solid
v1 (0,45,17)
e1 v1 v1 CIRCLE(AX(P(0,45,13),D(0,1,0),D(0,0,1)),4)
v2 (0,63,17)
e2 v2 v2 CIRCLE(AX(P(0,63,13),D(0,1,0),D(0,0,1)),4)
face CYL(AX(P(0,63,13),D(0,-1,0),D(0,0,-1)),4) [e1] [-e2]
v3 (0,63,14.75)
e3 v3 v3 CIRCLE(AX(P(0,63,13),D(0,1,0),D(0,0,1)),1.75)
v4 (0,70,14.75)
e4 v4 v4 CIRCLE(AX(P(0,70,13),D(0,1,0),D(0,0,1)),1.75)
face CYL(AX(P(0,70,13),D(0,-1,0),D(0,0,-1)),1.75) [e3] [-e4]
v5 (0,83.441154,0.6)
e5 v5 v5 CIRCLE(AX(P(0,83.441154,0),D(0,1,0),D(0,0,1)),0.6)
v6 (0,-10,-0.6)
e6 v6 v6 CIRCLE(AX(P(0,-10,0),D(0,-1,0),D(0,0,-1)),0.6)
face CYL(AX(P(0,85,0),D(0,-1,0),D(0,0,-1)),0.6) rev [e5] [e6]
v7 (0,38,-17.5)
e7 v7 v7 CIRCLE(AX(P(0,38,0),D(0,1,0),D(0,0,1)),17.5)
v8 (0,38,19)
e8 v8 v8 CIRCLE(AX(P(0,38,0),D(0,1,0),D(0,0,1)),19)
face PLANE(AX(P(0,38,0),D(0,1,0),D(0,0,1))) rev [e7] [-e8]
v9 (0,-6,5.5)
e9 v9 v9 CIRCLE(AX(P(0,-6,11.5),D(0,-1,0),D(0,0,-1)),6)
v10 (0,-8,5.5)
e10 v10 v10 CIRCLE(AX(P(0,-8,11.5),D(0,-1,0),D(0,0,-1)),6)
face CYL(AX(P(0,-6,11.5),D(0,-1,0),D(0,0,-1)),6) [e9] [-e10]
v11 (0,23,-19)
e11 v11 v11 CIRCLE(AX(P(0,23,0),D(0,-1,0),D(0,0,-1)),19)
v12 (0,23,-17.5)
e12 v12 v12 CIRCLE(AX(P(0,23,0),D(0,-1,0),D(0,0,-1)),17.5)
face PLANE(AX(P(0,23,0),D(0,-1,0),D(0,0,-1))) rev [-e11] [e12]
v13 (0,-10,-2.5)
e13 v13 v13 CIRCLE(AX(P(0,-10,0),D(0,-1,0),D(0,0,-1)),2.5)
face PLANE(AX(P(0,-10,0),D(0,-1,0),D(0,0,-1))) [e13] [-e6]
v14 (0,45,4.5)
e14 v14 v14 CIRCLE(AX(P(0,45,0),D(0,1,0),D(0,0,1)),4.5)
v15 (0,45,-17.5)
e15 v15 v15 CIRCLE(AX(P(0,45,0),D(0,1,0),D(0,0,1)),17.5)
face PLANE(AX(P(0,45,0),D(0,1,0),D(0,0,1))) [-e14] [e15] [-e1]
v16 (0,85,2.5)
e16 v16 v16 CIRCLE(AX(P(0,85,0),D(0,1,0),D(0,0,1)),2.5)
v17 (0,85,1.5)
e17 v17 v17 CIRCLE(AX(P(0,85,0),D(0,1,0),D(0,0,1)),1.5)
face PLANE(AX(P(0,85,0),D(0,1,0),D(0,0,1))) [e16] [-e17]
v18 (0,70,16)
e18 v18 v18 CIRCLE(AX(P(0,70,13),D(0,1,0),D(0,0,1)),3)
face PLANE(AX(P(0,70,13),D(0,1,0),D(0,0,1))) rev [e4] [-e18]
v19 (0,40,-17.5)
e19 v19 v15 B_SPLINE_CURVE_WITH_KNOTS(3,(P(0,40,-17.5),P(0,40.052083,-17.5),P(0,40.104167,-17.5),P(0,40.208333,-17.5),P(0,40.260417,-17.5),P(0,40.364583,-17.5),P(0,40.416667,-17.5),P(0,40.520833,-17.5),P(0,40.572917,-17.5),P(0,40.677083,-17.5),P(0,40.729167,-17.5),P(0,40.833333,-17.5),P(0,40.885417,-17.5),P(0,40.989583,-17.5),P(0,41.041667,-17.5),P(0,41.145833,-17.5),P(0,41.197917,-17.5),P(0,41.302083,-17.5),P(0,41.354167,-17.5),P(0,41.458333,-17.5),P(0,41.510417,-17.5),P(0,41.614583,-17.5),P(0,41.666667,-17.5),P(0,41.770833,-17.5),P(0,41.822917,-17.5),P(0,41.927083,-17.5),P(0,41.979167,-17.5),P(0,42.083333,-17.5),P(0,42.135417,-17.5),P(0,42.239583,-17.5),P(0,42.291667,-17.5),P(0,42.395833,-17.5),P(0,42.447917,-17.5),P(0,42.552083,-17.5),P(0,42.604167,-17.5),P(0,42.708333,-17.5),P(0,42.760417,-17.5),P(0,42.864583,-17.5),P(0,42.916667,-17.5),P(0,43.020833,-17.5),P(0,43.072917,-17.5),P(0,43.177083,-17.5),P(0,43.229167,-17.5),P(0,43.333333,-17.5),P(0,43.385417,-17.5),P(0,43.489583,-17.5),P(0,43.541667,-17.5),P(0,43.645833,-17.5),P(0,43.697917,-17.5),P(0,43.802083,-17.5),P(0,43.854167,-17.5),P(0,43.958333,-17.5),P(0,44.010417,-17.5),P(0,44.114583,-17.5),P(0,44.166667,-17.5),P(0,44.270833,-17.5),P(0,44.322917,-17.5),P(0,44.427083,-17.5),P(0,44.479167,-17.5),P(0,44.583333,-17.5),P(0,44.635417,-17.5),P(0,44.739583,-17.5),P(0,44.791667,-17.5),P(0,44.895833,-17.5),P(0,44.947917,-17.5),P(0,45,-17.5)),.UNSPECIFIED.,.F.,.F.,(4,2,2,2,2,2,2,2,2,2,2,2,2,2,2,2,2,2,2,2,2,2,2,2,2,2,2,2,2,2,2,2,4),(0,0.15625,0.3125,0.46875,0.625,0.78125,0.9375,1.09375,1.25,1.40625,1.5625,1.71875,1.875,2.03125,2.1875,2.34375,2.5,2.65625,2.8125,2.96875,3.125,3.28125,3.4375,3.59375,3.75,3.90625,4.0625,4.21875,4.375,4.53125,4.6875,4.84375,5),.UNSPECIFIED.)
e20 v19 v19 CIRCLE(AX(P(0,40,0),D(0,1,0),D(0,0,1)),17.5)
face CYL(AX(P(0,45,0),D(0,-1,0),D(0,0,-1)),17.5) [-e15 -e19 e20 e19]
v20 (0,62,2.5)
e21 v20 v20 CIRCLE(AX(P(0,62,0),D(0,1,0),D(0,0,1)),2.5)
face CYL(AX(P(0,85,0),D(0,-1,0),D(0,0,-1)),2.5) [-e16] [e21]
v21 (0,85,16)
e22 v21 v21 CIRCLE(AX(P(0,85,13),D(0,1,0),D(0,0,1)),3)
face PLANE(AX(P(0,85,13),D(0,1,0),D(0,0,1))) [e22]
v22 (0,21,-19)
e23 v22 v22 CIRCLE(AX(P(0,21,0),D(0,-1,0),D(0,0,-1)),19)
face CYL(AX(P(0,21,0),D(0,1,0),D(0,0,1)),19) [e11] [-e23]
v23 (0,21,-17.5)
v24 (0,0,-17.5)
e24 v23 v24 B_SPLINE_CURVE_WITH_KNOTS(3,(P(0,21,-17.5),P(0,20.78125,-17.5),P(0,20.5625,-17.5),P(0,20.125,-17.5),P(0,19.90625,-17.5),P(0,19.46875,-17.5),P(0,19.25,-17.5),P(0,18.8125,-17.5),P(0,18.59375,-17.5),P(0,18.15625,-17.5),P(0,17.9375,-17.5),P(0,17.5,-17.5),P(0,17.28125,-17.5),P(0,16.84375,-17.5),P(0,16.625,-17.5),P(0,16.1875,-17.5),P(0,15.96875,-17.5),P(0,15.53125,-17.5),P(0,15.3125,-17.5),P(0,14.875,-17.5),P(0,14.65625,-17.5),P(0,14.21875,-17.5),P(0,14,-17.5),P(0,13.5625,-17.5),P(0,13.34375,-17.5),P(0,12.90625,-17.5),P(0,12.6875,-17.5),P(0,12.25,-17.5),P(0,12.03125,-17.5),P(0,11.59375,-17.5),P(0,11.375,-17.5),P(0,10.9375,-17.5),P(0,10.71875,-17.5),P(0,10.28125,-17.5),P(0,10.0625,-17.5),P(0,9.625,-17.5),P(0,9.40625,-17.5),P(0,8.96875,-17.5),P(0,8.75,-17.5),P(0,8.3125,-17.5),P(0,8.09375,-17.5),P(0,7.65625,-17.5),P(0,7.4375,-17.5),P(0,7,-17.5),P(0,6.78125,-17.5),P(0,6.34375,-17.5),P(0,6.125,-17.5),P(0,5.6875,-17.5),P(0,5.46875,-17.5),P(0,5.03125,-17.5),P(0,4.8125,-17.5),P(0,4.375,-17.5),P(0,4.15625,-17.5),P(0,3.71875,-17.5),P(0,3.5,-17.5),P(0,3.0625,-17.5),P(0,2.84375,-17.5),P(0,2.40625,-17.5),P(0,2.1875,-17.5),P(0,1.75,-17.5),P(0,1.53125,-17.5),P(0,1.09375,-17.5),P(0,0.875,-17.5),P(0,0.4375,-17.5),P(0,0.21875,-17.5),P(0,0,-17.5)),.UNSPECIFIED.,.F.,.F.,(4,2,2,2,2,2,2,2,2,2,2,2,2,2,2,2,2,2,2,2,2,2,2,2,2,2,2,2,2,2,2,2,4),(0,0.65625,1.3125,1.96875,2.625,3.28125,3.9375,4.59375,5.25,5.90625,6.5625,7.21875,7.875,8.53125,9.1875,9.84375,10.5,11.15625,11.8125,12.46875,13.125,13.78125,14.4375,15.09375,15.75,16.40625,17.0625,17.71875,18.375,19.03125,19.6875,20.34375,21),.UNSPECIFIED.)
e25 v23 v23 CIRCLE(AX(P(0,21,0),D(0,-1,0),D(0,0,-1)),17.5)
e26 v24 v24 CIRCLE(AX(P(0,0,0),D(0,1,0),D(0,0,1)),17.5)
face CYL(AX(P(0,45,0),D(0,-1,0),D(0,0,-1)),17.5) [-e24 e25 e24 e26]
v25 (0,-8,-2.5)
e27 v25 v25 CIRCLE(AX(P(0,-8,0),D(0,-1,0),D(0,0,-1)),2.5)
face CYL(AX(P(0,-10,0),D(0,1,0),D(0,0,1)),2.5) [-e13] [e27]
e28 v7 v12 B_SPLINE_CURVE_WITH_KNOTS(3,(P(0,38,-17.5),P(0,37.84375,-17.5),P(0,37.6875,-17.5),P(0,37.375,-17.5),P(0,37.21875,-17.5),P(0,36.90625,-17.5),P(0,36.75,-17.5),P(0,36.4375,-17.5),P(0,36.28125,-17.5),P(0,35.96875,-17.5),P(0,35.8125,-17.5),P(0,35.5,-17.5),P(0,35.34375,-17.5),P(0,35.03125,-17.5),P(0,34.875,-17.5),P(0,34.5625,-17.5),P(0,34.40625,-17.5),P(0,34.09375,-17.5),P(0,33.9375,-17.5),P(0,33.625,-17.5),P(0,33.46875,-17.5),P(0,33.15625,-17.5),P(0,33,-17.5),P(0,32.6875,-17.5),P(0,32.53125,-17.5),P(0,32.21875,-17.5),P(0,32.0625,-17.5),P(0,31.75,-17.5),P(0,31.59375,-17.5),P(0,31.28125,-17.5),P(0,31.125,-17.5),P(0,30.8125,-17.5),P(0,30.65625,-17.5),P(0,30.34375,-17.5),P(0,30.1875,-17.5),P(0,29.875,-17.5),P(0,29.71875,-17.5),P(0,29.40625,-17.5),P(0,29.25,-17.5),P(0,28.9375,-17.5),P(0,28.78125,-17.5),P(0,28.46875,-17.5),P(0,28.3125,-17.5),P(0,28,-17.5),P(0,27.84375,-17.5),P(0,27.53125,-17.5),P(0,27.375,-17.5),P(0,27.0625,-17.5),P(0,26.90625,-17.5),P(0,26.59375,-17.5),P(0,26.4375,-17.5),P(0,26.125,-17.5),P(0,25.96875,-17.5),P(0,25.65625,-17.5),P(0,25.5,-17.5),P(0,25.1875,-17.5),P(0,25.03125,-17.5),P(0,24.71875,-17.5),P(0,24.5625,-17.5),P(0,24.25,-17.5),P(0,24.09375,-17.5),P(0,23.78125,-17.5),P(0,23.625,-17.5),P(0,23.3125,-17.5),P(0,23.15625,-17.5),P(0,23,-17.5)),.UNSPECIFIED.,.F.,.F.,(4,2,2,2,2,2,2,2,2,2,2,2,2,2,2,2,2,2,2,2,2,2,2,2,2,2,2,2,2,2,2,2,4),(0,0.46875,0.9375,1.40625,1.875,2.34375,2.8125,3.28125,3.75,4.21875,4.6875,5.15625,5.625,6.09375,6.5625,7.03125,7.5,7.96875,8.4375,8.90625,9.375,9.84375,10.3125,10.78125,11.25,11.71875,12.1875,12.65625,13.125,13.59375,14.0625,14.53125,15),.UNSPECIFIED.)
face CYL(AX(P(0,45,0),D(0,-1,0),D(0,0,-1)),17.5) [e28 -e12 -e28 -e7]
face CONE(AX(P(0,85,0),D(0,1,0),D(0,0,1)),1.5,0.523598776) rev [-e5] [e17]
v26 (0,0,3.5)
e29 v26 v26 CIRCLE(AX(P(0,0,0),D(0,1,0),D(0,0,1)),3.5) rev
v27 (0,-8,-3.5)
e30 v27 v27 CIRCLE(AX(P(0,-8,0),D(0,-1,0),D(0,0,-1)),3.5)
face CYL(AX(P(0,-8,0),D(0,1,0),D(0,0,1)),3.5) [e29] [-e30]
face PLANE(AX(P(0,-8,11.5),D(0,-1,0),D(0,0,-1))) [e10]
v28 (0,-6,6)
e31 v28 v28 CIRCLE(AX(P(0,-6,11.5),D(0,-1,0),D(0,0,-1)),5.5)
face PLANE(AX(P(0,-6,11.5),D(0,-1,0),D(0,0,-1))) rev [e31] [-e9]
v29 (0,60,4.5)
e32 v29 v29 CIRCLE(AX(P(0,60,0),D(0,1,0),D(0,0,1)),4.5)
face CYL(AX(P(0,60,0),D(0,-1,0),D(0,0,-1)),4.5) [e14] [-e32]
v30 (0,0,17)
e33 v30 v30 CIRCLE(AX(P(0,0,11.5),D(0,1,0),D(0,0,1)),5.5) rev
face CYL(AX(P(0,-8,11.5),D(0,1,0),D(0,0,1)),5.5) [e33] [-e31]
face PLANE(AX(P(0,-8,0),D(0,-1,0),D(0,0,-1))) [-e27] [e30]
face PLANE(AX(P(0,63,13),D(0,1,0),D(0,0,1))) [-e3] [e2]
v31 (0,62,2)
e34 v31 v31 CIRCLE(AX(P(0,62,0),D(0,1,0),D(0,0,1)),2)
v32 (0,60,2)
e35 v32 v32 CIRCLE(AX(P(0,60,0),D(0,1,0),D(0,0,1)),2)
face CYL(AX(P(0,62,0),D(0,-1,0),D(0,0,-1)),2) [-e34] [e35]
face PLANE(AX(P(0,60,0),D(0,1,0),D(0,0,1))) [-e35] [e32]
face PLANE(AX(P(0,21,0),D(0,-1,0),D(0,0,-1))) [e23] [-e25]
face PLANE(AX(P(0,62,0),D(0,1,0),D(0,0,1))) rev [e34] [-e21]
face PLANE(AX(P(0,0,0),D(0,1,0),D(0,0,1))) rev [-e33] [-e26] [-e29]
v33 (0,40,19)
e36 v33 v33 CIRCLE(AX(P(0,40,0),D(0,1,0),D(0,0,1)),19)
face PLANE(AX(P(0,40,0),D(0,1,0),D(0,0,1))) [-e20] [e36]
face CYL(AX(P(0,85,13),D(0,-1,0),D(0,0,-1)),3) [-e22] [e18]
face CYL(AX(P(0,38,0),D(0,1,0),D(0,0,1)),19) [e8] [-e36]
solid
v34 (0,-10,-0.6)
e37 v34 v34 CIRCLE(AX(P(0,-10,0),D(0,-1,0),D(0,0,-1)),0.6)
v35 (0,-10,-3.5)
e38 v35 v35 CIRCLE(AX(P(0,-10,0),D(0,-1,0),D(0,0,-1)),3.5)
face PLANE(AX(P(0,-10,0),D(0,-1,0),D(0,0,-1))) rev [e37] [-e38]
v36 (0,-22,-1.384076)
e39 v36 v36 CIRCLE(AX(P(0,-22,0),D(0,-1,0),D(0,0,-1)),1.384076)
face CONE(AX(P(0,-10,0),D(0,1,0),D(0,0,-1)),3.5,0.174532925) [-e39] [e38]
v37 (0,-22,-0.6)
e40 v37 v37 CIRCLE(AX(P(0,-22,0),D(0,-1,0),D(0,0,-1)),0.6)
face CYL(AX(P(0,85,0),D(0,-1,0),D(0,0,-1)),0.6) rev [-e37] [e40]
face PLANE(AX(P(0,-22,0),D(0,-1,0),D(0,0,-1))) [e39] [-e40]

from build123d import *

# Parameters (mm, degrees)
SKETCH1_R           = 17.5
EXTRUDE1_DEPTH      = 45
SKETCH2_R           = 3.5
SKETCH2_R_2         = 5.5
EXTRUDE2_DEPTH      = 8
SKETCH3_R           = 2.5
EXTRUDE3_DEPTH      = 2
SKETCH4_R           = 3.5
EXTRUDE4_DEPTH      = 12
EXTRUDE4_TAPER      = 10
SKETCH5_R           = 6
EXTRUDE6_DEPTH      = 2
SKETCH6_R           = 4.5
EXTRUDE7_DEPTH      = 15
SKETCH7_R           = 2
EXTRUDE8_DEPTH      = 2
EXTRUDE9_START      = 23
SKETCH8_R           = 2.5
EXTRUDE9_DEPTH      = 23
SKETCH9_R           = 4
EXTRUDE10_DEPTH     = 18
SKETCH11_R          = 1.75
EXTRUDE11_DEPTH     = 7
SKETCH12_R          = 3
EXTRUDE12_DEPTH     = 15
SKETCH14_R          = 19
BOSS_EXTRUDE1_DEPTH = 2
SKETCH15_R          = 19
BOSS_EXTRUDE2_DEPTH = 2
SKETCH13_R          = 0.6
CUT_EXTRUDE1_DEPTH  = 111.322255234


with BuildPart() as part:
    # Sketch1 → Extrude1 (new body)
    with BuildSketch(Plane(origin=(0, 0, 0), x_dir=(1, 0, 0), z_dir=(0, 1, 0))):
        with Locations(Location((0, 0, 0), (0, 0, 90))):
            Circle(SKETCH1_R)
    extrude(amount=EXTRUDE1_DEPTH)

    # Sketch2 → Extrude2 (add)
    with BuildSketch(Plane.XZ):
        with Locations(Location((0, 0, 0), (0, 0, 90))):
            Circle(SKETCH2_R)
        with Locations(Location((0, 11.5, 0), (0, 0, 90))):
            Circle(SKETCH2_R_2)
    extrude(amount=EXTRUDE2_DEPTH)

    # Sketch3 → Extrude3 (add)
    with BuildSketch(Plane.XZ.offset(8)):
        with Locations(Location((0, 0, 0), (0, 0, 270))):
            Circle(SKETCH3_R)
    extrude(amount=EXTRUDE3_DEPTH)

    # Sketch5 → Extrude6 (add)
    with BuildSketch(Plane.XZ.offset(8)):
        with Locations(Location((0, 11.5, 0), (0, 0, 270))):
            Circle(SKETCH5_R)
    extrude(amount=-EXTRUDE6_DEPTH)

    # Sketch6 → Extrude7 (add)
    with BuildSketch(Plane(origin=(0, 45, 0), x_dir=(1, 0, 0), z_dir=(0, 1, 0))):
        with Locations(Location((0, 0, 0), (0, 0, 270))):
            Circle(SKETCH6_R)
    extrude(amount=EXTRUDE7_DEPTH)

    # Sketch7 → Extrude8 (add)
    with BuildSketch(Plane(origin=(0, 60, 0), x_dir=(1, 0, 0), z_dir=(0, 1, 0))):
        with Locations(Location((0, 0, 0), (0, 0, 270))):
            Circle(SKETCH7_R)
    extrude(amount=EXTRUDE8_DEPTH)

    # Sketch8 → Extrude9 (add)
    with BuildSketch(Plane(origin=(0, 62, 0), x_dir=(1, 0, 0), z_dir=(0, 1, 0)).offset(EXTRUDE9_START)):
        with Locations(Location((0, 0, 0), (0, 0, 90))):
            Circle(SKETCH8_R)
    extrude(amount=-EXTRUDE9_DEPTH)

    # Sketch9 → Extrude10 (add)
    with BuildSketch(Plane(origin=(0, 45, 0), x_dir=(1, 0, 0), z_dir=(0, 1, 0))):
        with Locations(Location((0, -13, 0), (0, 0, 270))):
            Circle(SKETCH9_R)
    extrude(amount=EXTRUDE10_DEPTH)

    # Sketch11 → Extrude11 (add)
    with BuildSketch(Plane(origin=(0, 63, 0), x_dir=(1, 0, 0), z_dir=(0, 1, 0))):
        with Locations(Location((0, -13, 0), (0, 0, 270))):
            Circle(SKETCH11_R)
    extrude(amount=EXTRUDE11_DEPTH)

    # Sketch12 → Extrude12 (add)
    with BuildSketch(Plane(origin=(0, 70, 0), x_dir=(1, 0, 0), z_dir=(0, 1, 0))):
        with Locations(Location((0, -13, 0), (0, 0, 270))):
            Circle(SKETCH12_R)
    extrude(amount=EXTRUDE12_DEPTH)

    # Sketch14 → Boss-Extrude1 (add)
    with BuildSketch(Plane(origin=(0, 40, 0), x_dir=(-1, 0, 0), z_dir=(0, 1, 0))):
        with Locations(Location((0, 0, 0), (0, 0, 90))):
            Circle(SKETCH14_R)
    extrude(amount=-BOSS_EXTRUDE1_DEPTH)

    # Sketch15 → Boss-Extrude2 (add)
    with BuildSketch(Plane.XZ.offset(-23)):
        with Locations(Location((0, 0, 0), (0, 0, 90))):
            Circle(SKETCH15_R)
    extrude(amount=BOSS_EXTRUDE2_DEPTH)


with BuildPart() as body_2:
    # Sketch4 → Extrude4 (new body)
    with BuildSketch(Plane.XZ.offset(10)):
        with Locations(Location((0, 0, 0), (0, 0, 90))):
            Circle(SKETCH4_R)
    extrude(amount=EXTRUDE4_DEPTH, taper=EXTRUDE4_TAPER)


with BuildPart() as cut_extrude1_tool:
    # Sketch13 → Cut-Extrude1 (new, through all)
    with BuildSketch(Plane.XZ.offset(22)):
        with Locations(Location((0, 0, 0), (0, 0, 270))):
            Circle(SKETCH13_R)
    extrude(amount=-CUT_EXTRUDE1_DEPTH)


with BuildPart() as part_1:
    add(part.part)

    # Cut-Extrude1: cut by cut_extrude1_tool
    add(cut_extrude1_tool.part, mode=Mode.SUBTRACT)

    # Cut-Extrude2 cone 1 section (through the dimple's axis) → Cut-Extrude2 (revolve, cut)
    with BuildSketch(Plane(origin=(0, 85, 0), x_dir=(0, 0, 1), z_dir=(1, 0, 0))):
        Polygon((0, 0), (1.5, 0), (0, 2.598076211), align=None)
    revolve(axis=Axis((0, 85, 0), (0, -1, 0)), mode=Mode.SUBTRACT)


with BuildPart() as body_2_1:
    add(body_2.part)

    # Cut-Extrude1: cut by cut_extrude1_tool
    add(cut_extrude1_tool.part, mode=Mode.SUBTRACT)


solid = Compound([part_1.part, body_2_1.part])
